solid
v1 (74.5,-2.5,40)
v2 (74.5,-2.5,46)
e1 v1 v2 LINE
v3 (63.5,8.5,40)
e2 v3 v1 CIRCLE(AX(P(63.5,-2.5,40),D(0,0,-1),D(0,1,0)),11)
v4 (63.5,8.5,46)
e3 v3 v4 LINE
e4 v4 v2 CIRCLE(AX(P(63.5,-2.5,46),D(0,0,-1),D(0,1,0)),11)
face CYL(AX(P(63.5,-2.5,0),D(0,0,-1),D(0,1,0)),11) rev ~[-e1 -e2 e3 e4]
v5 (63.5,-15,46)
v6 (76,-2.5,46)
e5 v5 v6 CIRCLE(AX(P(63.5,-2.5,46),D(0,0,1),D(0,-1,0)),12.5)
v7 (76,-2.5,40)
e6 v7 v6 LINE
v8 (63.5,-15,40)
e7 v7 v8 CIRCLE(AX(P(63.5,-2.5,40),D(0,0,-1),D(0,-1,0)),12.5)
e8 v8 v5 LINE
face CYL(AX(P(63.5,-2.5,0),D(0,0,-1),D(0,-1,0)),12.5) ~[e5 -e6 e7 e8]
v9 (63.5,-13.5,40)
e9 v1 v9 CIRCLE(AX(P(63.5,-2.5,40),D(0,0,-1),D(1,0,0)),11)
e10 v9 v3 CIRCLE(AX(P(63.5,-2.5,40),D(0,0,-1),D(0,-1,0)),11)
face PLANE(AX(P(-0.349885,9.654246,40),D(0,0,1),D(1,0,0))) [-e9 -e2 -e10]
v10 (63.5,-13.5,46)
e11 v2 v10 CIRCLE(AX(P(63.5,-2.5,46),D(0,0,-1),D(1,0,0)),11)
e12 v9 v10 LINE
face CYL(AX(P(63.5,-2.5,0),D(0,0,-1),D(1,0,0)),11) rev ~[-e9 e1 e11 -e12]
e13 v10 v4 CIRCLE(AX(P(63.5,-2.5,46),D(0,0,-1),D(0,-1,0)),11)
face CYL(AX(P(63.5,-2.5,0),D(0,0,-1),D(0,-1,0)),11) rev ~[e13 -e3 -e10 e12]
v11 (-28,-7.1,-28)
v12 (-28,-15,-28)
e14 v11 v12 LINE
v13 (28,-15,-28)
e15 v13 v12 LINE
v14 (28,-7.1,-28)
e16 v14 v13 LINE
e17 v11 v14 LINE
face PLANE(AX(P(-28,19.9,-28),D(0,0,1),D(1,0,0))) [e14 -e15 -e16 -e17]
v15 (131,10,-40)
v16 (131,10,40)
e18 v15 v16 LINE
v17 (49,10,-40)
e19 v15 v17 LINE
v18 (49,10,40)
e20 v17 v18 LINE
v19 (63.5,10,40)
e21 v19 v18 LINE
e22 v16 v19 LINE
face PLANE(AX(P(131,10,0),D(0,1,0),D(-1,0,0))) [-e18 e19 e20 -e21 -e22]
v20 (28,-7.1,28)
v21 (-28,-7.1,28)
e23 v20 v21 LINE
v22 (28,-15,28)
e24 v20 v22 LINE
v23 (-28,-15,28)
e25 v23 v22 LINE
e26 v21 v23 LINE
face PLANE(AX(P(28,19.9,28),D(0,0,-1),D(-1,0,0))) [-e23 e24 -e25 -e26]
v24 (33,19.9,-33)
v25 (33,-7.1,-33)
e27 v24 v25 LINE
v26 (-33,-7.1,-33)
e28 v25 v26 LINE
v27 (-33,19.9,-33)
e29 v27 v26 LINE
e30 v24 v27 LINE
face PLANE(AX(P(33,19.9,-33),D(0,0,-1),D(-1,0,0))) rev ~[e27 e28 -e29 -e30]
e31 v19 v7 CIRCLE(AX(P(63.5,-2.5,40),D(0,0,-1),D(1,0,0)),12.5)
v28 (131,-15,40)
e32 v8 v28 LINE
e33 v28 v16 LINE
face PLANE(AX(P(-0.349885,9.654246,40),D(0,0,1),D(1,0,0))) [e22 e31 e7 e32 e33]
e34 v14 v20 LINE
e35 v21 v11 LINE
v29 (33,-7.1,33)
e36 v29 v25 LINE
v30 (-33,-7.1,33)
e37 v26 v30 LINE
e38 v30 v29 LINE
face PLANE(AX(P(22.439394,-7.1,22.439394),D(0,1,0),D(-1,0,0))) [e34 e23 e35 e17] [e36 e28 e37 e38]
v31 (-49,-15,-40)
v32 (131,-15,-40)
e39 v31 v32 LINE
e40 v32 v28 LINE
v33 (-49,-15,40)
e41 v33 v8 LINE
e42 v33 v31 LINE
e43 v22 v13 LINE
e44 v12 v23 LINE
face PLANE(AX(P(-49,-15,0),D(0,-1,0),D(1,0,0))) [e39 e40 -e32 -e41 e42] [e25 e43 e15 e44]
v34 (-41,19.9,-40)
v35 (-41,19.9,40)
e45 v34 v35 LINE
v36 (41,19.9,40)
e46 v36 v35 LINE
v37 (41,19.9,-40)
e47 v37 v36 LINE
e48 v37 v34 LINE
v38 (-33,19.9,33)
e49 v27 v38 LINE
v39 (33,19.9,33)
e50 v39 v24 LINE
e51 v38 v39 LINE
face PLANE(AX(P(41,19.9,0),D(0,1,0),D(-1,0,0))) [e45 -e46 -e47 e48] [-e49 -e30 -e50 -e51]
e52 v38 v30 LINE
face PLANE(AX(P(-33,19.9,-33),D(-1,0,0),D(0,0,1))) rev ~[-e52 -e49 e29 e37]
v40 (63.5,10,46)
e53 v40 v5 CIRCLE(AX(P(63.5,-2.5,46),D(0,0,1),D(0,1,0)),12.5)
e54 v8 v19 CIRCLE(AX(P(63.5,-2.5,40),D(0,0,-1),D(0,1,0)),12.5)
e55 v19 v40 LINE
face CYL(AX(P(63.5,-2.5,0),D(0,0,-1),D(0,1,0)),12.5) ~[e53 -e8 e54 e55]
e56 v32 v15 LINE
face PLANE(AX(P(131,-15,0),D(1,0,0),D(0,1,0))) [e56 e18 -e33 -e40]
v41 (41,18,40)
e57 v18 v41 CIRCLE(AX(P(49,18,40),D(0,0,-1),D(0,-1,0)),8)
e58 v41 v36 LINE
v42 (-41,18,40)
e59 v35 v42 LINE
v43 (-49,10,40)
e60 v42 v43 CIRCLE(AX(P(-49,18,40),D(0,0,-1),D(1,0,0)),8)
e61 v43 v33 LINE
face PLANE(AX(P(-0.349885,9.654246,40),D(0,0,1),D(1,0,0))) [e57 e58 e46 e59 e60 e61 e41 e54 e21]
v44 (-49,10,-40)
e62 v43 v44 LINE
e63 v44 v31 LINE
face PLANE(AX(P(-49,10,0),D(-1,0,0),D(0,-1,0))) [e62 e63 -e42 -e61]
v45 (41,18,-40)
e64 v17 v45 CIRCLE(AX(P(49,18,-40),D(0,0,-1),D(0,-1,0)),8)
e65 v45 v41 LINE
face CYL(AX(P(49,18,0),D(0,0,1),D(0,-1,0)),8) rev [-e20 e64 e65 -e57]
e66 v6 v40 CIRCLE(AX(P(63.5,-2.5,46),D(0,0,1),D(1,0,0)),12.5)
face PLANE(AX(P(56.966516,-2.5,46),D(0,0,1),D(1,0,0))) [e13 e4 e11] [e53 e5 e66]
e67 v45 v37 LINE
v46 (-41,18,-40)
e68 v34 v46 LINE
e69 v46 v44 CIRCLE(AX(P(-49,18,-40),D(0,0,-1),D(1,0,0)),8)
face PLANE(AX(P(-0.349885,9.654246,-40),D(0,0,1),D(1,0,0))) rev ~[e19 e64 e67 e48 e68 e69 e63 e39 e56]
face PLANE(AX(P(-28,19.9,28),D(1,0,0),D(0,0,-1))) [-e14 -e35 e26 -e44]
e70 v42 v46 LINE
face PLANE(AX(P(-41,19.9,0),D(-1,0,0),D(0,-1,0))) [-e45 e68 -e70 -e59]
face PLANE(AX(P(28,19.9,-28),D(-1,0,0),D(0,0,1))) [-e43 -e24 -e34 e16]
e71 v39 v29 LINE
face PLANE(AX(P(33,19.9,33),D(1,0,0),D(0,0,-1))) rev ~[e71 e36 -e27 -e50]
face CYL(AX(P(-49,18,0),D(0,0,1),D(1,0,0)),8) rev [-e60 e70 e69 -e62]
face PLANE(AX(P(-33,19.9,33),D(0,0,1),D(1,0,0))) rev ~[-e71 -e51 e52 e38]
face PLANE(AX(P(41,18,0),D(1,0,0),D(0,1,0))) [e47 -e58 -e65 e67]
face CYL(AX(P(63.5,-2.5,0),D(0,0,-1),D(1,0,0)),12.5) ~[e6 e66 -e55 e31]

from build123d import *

# Parameters (mm, degrees)
F1_DEPTH = 40
F2_DEPTH = 46
F4_DEPTH = 27
F5_DEPTH = 60.6


with BuildPart() as f1:
    # F0 (on Top) → F1 (new body, symmetric)
    with BuildSketch(Plane.XY):
        with BuildLine():
            Line((-49, 0), (0, 0))
            Line((0, 0), (41, 0))
            Line((41, 0), (41, 10))
            Line((41, 10), (42.9, 10))
            Line((42.9, 10), (49, 10))
            ThreePointArc((49, 10), (43.3431457505, 12.3431457505), (41, 18))
            Line((41, 18), (41, 19.9))
            Line((41, 19.9), (0, 19.9))
            Line((0, 19.9), (-41, 19.9))
            Line((-41, 19.9), (-41, 18))
            ThreePointArc((-41, 18), (-43.3431457505, 12.3431457505), (-49, 10))
            Line((-49, 10), (-49, 9.95))
            Line((-49, 9.95), (-49, 0))
        make_face()
        Polygon((41, 0), (0, 0), (-49, 0), (-49, -15), (0, -15), (41, -15), align=None)
        with BuildLine():
            Line((41, 10), (41, 0))
            Line((41, 0), (41, -15))
            Line((41, -15), (63.5, -15))
            ThreePointArc((63.5, -15), (51, -2.5), (63.5, 10))
            Line((63.5, 10), (49, 10))
            Line((49, 10), (42.9, 10))
            Line((42.9, 10), (41, 10))
        make_face()
        with BuildLine():
            ThreePointArc((76, -2.5), (72.3388347648, -11.3388347648), (63.5, -15))
            Line((63.5, -15), (86, -15))
            Line((86, -15), (86, -2.5))
            Line((86, -2.5), (86, 10))
            Line((86, 10), (63.5, 10))
            ThreePointArc((63.5, 10), (72.3388347648, 6.3388347648), (76, -2.5))
        make_face()
        Polygon((86, -2.5), (86, -15), (131, -15), (131, 10), (86, 10), align=None)
        with BuildLine():
            Line((63.5, -2.5), (63.5, -13.5))
            ThreePointArc((63.5, -13.5), (71.2781745931, -10.2781745931), (74.5, -2.5))
            ThreePointArc((74.5, -2.5), (71.2781745931, 5.2781745931), (63.5, 8.5))
            Line((63.5, 8.5), (63.5, -2.5))
        make_face()
        with BuildLine():
            ThreePointArc((63.5, 8.5), (52.5, -2.5), (63.5, -13.5))
            Line((63.5, -13.5), (63.5, -2.5))
            Line((63.5, -2.5), (63.5, 8.5))
        make_face()
        with BuildLine():
            ThreePointArc((63.5, 10), (51, -2.5), (63.5, -15))
            Line((63.5, -15), (63.5, -13.5))
            ThreePointArc((63.5, -13.5), (52.5, -2.5), (63.5, 8.5))
            Line((63.5, 8.5), (63.5, 10))
        make_face()
        with BuildLine():
            Line((63.5, -13.5), (63.5, -15))
            ThreePointArc((63.5, -15), (72.3388347648, -11.3388347648), (76, -2.5))
            ThreePointArc((76, -2.5), (72.3388347648, 6.3388347648), (63.5, 10))
            Line((63.5, 10), (63.5, 8.5))
            ThreePointArc((63.5, 8.5), (71.2781745931, 5.2781745931), (74.5, -2.5))
            ThreePointArc((74.5, -2.5), (71.2781745931, -10.2781745931), (63.5, -13.5))
        make_face()
    extrude(amount=F1_DEPTH, both=True)

    # F0 (on Top) → F2 (join)
    with BuildSketch(Plane.XY):
        with BuildLine():
            ThreePointArc((63.5, 10), (51, -2.5), (63.5, -15))
            Line((63.5, -15), (63.5, -13.5))
            ThreePointArc((63.5, -13.5), (52.5, -2.5), (63.5, 8.5))
            Line((63.5, 8.5), (63.5, 10))
        make_face()
        with BuildLine():
            Line((63.5, -13.5), (63.5, -15))
            ThreePointArc((63.5, -15), (72.3388347648, -11.3388347648), (76, -2.5))
            ThreePointArc((76, -2.5), (72.3388347648, 6.3388347648), (63.5, 10))
            Line((63.5, 10), (63.5, 8.5))
            ThreePointArc((63.5, 8.5), (71.2781745931, 5.2781745931), (74.5, -2.5))
            ThreePointArc((74.5, -2.5), (71.2781745931, -10.2781745931), (63.5, -13.5))
        make_face()
    extrude(amount=F2_DEPTH)

    # F3 (on face) → F4 (cut)
    with BuildSketch(Plane(origin=(0, 19.9, 0), x_dir=(-1, 0, 0), z_dir=(0, 1, 0))):
        Polygon((-33, 0), (-28, 0), (-28, 28), (0, 28), (0, 33), (-33, 33), align=None)
        Polygon((28, 28), (28, 0), (28, -28), (0, -28), (-28, -28), (-28, 0), (-33, 0), (-33, -33), (0, -33), (33, -33), (33, 0), (33, 33), (0, 33), (0, 28), align=None)
    extrude(amount=-F4_DEPTH, mode=Mode.SUBTRACT)

    # F5 (cut): a face of the model
    f5_faces = [f1.faces().sort_by_distance(p)[0] for p in [
        (0, 19.9, 0),
    ]]
    extrude(f5_faces, amount=-F5_DEPTH, mode=Mode.SUBTRACT)


solid = f1.part
